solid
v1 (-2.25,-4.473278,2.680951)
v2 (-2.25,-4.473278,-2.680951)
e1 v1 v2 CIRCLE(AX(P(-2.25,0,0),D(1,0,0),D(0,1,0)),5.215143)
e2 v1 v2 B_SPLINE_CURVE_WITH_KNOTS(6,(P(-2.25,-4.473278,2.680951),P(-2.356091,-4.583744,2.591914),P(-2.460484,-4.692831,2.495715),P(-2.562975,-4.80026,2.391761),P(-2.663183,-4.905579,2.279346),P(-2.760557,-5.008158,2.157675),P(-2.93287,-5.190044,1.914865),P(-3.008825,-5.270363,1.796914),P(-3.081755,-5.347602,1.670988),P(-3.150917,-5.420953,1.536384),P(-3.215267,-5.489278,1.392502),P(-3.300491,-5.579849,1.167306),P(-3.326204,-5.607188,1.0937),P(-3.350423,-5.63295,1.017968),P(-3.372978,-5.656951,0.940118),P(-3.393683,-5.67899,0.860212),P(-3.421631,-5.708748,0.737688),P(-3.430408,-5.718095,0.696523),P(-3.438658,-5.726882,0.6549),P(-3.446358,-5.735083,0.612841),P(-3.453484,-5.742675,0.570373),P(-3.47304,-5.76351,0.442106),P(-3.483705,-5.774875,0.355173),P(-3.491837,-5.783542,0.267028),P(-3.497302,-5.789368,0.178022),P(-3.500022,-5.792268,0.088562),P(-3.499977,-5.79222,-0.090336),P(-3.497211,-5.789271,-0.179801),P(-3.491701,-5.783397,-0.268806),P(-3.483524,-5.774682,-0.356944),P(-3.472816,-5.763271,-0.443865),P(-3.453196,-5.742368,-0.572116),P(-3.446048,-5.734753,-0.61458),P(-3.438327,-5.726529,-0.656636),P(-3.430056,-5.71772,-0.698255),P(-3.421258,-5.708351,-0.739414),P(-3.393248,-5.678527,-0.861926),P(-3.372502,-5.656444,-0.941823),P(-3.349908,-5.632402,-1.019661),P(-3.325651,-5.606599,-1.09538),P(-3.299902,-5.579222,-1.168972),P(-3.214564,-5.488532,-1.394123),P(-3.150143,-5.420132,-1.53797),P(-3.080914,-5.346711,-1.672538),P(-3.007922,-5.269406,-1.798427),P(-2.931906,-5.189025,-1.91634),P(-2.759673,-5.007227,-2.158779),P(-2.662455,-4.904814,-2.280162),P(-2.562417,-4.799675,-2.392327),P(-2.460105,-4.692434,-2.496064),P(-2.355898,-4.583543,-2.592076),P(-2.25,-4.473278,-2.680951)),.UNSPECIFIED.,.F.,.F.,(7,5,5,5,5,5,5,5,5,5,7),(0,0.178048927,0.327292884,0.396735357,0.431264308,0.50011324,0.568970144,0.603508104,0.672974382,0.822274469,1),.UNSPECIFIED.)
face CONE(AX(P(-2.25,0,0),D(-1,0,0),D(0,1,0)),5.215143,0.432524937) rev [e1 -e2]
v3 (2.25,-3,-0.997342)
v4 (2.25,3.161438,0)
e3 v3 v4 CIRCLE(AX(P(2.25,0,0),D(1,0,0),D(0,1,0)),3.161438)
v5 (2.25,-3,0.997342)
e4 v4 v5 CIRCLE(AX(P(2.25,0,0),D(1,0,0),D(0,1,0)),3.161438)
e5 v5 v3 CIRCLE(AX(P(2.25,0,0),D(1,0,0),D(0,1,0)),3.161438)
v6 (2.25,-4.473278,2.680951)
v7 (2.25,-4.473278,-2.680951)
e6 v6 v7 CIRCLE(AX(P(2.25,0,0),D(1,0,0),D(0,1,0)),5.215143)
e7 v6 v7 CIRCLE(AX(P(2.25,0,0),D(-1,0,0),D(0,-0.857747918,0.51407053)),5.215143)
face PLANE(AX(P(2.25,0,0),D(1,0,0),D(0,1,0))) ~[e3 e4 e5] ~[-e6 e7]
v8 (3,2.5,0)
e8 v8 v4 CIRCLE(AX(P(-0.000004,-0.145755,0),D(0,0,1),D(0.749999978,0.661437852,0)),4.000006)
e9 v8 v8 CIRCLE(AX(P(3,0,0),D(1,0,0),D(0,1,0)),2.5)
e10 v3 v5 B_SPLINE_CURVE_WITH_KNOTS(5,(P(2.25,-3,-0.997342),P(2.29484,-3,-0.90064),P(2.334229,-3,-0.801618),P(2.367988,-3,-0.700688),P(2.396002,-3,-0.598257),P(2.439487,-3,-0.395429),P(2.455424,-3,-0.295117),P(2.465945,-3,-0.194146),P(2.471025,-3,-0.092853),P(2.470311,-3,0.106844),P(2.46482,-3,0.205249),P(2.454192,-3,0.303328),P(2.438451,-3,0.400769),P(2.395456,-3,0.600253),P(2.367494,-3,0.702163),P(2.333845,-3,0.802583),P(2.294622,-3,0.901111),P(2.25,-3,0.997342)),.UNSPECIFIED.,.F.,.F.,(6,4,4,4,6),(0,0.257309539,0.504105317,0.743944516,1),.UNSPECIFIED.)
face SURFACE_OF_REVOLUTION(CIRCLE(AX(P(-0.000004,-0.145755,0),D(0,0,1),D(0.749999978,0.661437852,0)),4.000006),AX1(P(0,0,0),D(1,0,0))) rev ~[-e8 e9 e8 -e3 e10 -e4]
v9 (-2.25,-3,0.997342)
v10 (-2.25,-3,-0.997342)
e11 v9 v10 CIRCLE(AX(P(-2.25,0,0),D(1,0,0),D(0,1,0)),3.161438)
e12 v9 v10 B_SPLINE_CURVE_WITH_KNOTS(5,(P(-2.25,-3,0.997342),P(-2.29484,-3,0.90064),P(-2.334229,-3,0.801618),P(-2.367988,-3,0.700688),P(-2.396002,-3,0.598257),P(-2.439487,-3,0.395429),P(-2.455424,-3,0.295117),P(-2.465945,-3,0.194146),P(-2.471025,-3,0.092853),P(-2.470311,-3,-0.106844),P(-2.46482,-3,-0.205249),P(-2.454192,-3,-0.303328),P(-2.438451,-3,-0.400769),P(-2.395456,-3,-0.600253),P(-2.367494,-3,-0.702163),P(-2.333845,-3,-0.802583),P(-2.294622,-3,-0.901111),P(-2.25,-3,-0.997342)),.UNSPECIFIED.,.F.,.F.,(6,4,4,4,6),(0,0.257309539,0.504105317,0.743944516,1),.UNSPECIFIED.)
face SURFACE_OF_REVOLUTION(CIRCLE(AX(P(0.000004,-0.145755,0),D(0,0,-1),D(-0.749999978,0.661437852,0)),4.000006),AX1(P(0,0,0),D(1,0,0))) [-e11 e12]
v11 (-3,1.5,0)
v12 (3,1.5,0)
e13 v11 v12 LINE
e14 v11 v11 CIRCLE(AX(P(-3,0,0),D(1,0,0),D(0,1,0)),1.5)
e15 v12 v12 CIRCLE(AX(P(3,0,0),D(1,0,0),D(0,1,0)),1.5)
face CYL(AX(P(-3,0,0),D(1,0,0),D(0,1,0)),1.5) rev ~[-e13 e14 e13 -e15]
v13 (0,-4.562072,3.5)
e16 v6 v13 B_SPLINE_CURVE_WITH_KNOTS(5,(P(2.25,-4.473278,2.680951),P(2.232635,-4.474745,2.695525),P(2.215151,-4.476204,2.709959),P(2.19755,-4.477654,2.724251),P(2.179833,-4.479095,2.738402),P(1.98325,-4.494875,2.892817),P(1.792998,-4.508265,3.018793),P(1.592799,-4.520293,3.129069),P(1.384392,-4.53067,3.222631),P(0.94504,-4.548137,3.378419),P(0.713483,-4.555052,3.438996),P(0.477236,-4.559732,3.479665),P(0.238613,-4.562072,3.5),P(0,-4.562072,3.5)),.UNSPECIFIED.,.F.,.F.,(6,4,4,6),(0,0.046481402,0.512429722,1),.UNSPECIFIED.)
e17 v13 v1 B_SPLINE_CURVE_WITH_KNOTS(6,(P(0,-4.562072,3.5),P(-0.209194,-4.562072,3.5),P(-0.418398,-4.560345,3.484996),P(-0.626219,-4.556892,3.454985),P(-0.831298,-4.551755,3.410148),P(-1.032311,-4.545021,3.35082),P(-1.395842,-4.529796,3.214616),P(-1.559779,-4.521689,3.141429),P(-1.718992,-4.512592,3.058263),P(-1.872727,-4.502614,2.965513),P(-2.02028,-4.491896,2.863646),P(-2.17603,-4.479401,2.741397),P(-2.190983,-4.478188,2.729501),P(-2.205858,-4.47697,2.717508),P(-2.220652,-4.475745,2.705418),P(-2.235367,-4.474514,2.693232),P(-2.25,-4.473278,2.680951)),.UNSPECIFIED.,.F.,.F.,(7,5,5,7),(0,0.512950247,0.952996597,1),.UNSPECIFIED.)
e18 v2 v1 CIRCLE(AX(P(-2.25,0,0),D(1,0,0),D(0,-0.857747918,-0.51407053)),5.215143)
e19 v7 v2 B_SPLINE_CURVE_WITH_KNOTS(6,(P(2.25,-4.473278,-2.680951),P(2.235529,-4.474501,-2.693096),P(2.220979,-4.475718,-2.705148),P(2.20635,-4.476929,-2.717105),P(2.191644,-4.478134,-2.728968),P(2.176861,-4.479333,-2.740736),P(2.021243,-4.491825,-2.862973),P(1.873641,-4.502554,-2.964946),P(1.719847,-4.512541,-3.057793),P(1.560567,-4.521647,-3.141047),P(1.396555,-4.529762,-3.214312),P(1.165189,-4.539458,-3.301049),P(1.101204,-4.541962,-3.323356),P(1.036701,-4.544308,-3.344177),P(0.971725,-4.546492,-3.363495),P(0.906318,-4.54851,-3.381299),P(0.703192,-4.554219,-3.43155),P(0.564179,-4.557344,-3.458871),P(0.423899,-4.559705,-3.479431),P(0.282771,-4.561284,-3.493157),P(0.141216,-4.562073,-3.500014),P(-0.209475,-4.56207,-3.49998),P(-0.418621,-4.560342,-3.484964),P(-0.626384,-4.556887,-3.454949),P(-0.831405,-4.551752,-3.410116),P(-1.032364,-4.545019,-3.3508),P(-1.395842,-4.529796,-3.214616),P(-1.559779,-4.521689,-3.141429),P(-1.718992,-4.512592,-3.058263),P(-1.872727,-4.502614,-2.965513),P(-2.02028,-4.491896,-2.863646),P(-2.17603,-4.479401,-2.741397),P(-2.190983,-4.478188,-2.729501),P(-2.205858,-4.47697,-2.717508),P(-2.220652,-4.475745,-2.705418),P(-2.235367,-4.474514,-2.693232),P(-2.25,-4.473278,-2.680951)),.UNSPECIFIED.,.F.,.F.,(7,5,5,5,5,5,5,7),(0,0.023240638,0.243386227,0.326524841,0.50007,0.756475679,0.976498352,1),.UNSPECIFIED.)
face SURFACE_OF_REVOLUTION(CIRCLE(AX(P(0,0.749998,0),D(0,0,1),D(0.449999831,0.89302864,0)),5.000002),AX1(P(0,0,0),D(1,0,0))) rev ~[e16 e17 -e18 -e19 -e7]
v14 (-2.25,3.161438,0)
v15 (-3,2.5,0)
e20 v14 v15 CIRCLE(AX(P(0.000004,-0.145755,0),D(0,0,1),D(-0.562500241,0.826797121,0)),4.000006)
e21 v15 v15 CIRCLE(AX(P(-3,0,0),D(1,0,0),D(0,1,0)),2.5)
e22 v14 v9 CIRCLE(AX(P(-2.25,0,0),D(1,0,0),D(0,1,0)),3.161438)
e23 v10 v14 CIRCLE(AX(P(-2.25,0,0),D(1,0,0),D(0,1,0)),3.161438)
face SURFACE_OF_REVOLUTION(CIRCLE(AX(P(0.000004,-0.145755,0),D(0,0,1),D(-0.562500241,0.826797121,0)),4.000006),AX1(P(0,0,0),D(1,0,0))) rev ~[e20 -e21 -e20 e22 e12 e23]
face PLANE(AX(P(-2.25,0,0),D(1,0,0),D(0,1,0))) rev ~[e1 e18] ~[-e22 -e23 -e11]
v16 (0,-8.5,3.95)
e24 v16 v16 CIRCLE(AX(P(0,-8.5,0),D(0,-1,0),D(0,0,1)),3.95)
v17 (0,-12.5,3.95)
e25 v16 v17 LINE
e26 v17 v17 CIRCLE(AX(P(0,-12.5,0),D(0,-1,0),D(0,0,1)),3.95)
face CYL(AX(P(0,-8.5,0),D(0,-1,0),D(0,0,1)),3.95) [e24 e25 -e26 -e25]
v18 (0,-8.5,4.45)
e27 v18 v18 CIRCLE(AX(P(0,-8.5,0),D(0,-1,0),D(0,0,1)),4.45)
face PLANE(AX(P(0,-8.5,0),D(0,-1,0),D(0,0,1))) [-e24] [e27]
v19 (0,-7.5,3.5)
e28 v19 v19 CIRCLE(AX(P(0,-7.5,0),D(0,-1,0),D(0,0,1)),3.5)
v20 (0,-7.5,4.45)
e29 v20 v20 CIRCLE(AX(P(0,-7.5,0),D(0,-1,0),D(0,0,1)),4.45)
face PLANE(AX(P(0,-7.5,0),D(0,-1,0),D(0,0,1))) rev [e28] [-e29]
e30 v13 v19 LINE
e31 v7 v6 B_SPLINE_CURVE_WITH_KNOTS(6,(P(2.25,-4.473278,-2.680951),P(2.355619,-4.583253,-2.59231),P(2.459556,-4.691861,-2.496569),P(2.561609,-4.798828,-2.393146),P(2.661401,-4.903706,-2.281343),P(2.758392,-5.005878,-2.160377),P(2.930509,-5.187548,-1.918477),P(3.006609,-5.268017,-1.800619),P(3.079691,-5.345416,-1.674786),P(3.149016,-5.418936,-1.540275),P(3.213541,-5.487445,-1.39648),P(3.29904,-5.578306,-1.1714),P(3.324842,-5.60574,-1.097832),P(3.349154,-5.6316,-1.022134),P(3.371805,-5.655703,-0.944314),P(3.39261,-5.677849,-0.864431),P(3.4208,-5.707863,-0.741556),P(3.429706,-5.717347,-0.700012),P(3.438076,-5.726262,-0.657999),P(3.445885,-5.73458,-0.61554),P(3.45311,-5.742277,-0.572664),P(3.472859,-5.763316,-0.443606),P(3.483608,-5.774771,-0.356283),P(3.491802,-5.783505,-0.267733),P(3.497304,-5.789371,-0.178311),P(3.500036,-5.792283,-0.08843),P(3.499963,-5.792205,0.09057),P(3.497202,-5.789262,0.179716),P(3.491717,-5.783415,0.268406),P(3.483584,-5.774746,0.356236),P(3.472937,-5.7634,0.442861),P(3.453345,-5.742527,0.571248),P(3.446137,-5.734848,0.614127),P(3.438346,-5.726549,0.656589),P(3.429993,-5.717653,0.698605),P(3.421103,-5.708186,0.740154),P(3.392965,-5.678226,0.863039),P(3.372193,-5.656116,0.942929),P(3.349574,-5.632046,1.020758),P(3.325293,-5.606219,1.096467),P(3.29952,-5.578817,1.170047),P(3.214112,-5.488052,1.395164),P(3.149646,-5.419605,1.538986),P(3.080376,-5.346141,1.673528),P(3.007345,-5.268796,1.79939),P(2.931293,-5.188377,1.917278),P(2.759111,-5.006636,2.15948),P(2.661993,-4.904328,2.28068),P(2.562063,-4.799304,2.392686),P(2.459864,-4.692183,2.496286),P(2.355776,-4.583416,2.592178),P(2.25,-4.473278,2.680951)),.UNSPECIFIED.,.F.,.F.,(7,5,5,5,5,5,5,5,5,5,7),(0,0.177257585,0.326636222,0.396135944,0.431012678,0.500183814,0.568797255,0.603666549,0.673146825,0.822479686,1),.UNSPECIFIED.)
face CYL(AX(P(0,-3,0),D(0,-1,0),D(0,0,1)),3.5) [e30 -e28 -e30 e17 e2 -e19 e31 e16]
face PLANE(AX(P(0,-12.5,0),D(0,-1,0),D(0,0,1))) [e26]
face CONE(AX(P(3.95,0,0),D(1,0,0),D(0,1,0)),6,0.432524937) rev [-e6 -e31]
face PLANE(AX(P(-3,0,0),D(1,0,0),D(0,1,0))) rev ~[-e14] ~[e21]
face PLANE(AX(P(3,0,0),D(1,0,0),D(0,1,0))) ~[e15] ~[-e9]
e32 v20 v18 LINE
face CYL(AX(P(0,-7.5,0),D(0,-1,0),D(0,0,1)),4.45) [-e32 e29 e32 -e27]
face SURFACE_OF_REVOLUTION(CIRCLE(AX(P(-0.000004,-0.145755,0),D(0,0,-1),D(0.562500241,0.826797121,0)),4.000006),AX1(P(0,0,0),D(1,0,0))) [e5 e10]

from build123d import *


with BuildPart() as f1:
    # F0 (on Top) → F1 (revolve)
    with BuildSketch(Plane.XY):
        with BuildLine():
            Line((-3, 2.5), (-3, 1.5))
            Line((-3, 1.5), (3, 1.5))
            Line((3, 1.5), (3, 2.5))
            ThreePointArc((3, 2.5), (2.645751, 2.854249), (2.25, 3.161438))
            ThreePointArc((2.25, 3.161438), (0, 3.854249), (-2.25, 3.161438))
            ThreePointArc((-2.25, 3.161438), (-2.645751, 2.854249), (-3, 2.5))
        make_face()
        with BuildLine():
            Line((-2.25, 5.215143), (-2.25, 3.161438))
            ThreePointArc((-2.25, 3.161438), (0, 3.854249), (2.25, 3.161438))
            Line((2.25, 3.161438), (2.25, 5.215143))
            ThreePointArc((2.25, 5.215143), (0, 5.75), (-2.25, 5.215143))
        make_face()
    revolve(axis=Axis((0, 0, 0), (1, 0, 0)))

    # F2 (on Right) → F3 (revolve)
    with BuildSketch(Plane.YZ):
        Polygon((-12.5, 3.95), (-12.5, 0), (-3, 0), (-3, 3.5), (-7.5, 3.5), (-7.5, 4.45), (-8.5, 4.45), (-8.5, 3.95), align=None)
    revolve(axis=Axis((0, -6.25, 0), (0, -1, 0)))

    # F0 (on Top) → F4 (revolve, cut)
    with BuildSketch(Plane.XY):
        with BuildLine():
            Line((3, 2.5), (3, 1.5))
            Line((3, 1.5), (5, 1.5))
            Line((5, 1.5), (5, 6))
            Line((5, 6), (3.95, 6))
            Line((3.95, 6), (2.25, 5.215143))
            Line((2.25, 5.215143), (2.25, 3.161438))
            ThreePointArc((2.25, 3.161438), (2.645751, 2.854249), (3, 2.5))
        make_face()
        with BuildLine():
            Line((-5, 1.5), (-3, 1.5))
            Line((-3, 1.5), (-3, 2.5))
            ThreePointArc((-3, 2.5), (-2.645751, 2.854249), (-2.25, 3.161438))
            Line((-2.25, 3.161438), (-2.25, 5.215143))
            Line((-2.25, 5.215143), (-3.95, 6))
            Line((-3.95, 6), (-5, 6))
            Line((-5, 6), (-5, 1.5))
        make_face()
    revolve(axis=Axis((0, 0, 0), (1, 0, 0)), mode=Mode.SUBTRACT)


solid = f1.part
